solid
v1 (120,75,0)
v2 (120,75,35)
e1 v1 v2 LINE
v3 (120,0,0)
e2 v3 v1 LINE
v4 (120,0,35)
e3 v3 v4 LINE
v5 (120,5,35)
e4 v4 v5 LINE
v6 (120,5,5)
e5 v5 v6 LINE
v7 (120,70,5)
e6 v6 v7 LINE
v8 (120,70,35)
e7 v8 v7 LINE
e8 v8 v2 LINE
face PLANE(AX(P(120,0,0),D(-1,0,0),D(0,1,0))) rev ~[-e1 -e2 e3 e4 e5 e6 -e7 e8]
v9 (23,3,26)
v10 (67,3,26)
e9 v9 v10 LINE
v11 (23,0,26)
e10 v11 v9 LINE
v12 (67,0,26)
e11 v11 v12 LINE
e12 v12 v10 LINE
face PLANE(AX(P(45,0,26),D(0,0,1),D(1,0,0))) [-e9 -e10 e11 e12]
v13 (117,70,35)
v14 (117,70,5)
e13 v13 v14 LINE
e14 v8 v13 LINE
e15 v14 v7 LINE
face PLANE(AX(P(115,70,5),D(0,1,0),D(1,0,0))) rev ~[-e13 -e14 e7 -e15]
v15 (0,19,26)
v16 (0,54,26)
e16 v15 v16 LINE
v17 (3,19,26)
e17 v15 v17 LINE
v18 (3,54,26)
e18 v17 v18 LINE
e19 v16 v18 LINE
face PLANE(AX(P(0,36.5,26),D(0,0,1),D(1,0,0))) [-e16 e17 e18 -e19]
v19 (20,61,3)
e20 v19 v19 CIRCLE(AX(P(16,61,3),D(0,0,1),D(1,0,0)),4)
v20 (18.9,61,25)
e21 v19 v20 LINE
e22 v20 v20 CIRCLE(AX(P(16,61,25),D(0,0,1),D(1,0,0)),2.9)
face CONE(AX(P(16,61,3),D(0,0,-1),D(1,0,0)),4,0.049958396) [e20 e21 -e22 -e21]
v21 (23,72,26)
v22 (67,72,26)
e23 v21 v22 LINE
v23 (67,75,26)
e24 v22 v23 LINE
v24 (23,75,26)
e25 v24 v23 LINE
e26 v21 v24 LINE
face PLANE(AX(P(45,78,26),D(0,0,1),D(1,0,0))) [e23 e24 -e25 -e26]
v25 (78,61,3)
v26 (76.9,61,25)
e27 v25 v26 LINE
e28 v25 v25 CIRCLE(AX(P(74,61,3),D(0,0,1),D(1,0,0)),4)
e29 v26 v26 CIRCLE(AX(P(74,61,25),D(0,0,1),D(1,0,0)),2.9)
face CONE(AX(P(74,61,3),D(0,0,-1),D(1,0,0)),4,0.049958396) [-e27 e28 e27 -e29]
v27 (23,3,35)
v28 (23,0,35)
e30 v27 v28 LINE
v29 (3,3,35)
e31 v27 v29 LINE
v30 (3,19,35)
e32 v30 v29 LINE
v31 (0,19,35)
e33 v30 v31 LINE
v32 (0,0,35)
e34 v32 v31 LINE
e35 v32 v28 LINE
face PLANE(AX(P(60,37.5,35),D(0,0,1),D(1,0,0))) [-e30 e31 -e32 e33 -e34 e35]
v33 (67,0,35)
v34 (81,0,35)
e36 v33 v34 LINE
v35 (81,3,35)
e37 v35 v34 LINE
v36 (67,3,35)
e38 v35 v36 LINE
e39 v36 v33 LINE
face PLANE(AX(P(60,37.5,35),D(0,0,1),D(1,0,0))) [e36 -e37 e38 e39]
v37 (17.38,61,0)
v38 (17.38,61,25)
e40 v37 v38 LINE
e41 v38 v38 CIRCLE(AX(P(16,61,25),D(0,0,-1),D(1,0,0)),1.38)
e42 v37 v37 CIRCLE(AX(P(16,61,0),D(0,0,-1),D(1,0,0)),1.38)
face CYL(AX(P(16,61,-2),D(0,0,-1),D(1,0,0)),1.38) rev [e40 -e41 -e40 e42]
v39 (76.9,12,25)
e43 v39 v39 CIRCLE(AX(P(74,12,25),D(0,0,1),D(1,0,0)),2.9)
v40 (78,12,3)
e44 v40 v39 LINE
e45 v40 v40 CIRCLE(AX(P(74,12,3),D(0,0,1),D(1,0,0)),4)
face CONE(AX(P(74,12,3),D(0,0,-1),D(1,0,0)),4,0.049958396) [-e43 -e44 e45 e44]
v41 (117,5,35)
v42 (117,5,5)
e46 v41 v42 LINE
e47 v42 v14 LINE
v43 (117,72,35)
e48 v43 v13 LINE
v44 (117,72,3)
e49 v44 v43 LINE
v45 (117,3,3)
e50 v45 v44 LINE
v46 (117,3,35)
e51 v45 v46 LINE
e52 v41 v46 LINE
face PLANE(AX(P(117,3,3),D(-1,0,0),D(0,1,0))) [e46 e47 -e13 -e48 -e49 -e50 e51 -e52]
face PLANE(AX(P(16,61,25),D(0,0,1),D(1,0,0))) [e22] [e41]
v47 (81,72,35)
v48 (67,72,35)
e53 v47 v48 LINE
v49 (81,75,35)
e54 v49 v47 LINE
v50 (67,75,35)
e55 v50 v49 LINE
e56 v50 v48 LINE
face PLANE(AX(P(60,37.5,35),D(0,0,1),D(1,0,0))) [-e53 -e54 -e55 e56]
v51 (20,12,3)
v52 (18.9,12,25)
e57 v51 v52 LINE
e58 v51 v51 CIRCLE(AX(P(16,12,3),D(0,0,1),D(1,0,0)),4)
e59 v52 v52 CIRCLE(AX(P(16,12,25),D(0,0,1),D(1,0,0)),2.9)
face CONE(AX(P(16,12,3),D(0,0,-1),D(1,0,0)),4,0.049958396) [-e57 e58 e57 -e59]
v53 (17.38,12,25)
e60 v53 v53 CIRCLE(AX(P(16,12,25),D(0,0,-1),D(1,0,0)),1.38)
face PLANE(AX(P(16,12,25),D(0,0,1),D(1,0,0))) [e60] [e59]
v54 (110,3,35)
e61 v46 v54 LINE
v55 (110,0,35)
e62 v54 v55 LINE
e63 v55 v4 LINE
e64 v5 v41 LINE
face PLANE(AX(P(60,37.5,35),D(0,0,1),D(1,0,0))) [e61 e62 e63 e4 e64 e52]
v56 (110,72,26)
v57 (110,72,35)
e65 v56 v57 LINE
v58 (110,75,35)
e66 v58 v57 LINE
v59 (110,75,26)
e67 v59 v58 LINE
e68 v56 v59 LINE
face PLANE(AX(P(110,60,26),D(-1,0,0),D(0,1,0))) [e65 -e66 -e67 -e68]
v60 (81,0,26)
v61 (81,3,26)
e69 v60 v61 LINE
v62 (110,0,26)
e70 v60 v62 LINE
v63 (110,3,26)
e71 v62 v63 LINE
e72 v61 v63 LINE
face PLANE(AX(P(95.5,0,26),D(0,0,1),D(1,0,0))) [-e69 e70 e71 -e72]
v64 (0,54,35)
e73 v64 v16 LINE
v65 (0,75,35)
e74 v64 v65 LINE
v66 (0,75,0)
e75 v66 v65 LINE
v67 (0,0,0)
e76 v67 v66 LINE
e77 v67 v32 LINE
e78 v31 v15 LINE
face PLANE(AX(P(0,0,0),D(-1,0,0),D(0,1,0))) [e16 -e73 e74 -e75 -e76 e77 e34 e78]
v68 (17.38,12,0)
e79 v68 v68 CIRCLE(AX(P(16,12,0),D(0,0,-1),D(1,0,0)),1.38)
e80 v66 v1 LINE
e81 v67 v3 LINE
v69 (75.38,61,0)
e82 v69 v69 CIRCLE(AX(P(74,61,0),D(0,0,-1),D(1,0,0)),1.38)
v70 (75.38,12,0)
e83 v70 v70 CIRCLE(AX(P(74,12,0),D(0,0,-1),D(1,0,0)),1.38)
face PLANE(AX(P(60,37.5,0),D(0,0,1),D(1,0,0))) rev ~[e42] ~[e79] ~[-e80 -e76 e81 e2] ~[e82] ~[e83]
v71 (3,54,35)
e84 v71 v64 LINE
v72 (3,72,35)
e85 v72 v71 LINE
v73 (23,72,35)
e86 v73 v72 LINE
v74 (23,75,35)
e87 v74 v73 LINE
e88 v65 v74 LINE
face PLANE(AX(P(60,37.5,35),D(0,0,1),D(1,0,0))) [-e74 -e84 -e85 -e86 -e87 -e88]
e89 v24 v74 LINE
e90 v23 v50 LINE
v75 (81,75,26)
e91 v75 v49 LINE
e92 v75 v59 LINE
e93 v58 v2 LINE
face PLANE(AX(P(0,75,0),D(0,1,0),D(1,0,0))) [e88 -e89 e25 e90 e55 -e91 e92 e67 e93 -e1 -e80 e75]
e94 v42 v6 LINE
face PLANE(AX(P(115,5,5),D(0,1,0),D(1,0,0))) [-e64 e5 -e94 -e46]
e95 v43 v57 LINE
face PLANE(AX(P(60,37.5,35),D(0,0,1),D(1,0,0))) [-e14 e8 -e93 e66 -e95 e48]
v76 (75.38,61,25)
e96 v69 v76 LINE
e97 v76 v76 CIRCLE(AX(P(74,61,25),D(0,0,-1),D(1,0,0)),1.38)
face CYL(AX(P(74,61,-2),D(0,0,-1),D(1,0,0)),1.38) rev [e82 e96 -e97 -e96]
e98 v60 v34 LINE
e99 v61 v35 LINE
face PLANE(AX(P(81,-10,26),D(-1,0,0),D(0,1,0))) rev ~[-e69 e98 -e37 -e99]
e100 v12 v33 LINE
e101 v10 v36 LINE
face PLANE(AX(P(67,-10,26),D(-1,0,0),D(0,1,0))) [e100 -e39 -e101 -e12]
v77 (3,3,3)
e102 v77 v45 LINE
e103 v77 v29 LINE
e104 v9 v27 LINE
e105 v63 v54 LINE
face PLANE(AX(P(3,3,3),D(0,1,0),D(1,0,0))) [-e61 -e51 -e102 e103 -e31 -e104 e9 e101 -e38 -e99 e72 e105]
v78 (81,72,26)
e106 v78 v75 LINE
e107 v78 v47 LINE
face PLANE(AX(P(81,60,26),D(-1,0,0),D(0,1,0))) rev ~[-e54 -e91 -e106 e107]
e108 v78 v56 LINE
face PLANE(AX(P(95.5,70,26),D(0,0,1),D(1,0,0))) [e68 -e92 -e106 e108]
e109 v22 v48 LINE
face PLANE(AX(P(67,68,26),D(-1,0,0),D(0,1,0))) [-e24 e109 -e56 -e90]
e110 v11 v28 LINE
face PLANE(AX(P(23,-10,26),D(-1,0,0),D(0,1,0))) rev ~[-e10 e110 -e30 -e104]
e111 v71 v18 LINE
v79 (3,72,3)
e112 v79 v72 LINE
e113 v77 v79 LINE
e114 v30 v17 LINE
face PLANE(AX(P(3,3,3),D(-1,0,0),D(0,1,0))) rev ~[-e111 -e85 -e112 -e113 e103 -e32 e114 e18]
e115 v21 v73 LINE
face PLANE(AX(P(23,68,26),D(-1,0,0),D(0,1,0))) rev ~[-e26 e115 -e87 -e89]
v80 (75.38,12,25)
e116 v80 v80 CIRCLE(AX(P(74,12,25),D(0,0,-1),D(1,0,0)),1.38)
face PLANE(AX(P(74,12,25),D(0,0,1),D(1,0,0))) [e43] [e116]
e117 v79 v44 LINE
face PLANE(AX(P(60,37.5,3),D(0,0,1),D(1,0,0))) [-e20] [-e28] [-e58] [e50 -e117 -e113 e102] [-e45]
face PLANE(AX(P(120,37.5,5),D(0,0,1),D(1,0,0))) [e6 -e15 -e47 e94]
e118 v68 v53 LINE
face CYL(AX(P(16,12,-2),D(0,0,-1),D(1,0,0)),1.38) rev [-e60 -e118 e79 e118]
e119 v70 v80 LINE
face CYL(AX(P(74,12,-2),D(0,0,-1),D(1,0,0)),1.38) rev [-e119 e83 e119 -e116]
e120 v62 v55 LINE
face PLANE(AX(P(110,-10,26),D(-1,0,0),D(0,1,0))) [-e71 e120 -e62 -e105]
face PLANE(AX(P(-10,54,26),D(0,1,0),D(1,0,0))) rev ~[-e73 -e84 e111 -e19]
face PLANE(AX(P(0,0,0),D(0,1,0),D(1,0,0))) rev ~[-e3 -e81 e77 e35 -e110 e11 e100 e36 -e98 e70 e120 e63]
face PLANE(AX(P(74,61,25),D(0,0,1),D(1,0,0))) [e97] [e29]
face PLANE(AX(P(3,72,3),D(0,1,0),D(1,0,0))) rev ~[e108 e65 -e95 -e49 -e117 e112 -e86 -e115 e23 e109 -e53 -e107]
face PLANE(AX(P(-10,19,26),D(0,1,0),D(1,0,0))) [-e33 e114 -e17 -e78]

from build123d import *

# Parameters (mm, degrees)
CYLINDER023_R     = 1.38
CYLINDER023_DEPTH = 30
CYLINDER022_R     = 1.38
CYLINDER022_DEPTH = 30
CYLINDER021_R     = 1.38
CYLINDER021_DEPTH = 30
CYLINDER020_R     = 1.38
CYLINDER020_DEPTH = 30
BOX006_W          = 10
BOX006_H          = 65
BOX006_DEPTH      = 35
BOX011_W          = 20
BOX011_H          = 35
BOX011_DEPTH      = 10
BOX010_W          = 29
BOX010_H          = 20
BOX010_DEPTH      = 10
BOX009_W          = 29
BOX009_H          = 20
BOX009_DEPTH      = 10
BOX008_W          = 44
BOX008_H          = 20
BOX008_DEPTH      = 10
BOX007_W          = 44
BOX007_H          = 20
BOX007_DEPTH      = 10
BOX005_W          = 114
BOX005_H          = 69
BOX005_DEPTH      = 35
BOX004_W          = 120
BOX004_H          = 75
BOX004_DEPTH      = 35


with BuildPart() as cylinder023:
    # Cylinder023 → Cylinder023 (new body)
    with BuildSketch(Plane(origin=(74, 61, -2), x_dir=(1, 0, 0), z_dir=(0, 0, 1))):
        Circle(CYLINDER023_R)
    extrude(amount=CYLINDER023_DEPTH)


with BuildPart() as cylinder022:
    # Cylinder022 → Cylinder022 (new body)
    with BuildSketch(Plane(origin=(16, 61, -2), x_dir=(1, 0, 0), z_dir=(0, 0, 1))):
        Circle(CYLINDER022_R)
    extrude(amount=CYLINDER022_DEPTH)


with BuildPart() as cylinder021:
    # Cylinder021 → Cylinder021 (new body)
    with BuildSketch(Plane(origin=(16, 12, -2), x_dir=(1, 0, 0), z_dir=(0, 0, 1))):
        Circle(CYLINDER021_R)
    extrude(amount=CYLINDER021_DEPTH)


with BuildPart() as fusion008:
    # Cylinder020 → Cylinder020 (new body)
    with BuildSketch(Plane(origin=(74, 12, -2), x_dir=(1, 0, 0), z_dir=(0, 0, 1))):
        Circle(CYLINDER020_R)
    extrude(amount=CYLINDER020_DEPTH)

    # Fusion008: union Cylinder023, Cylinder022, Cylinder021
    add(cylinder023.part)
    add(cylinder022.part)
    add(cylinder021.part)


with BuildPart() as kegel003:
    # Cone003 → Cone003 (revolve)
    with BuildSketch(Plane(origin=(16, 61, 3), x_dir=(1, 0, 0), z_dir=(0, -1, 0))):
        Polygon((0, 0), (4, 0), (2.9, 22), (0, 22), align=None)
    revolve(axis=Axis((16, 61, 3), (0, 0, 1)))


with BuildPart() as kegel002:
    # Cone002 → Cone002 (revolve)
    with BuildSketch(Plane(origin=(16, 12, 3), x_dir=(1, 0, 0), z_dir=(0, -1, 0))):
        Polygon((0, 0), (4, 0), (2.9, 22), (0, 22), align=None)
    revolve(axis=Axis((16, 12, 3), (0, 0, 1)))


with BuildPart() as kegel001:
    # Cone001 → Cone001 (revolve)
    with BuildSketch(Plane(origin=(74, 61, 3), x_dir=(1, 0, 0), z_dir=(0, -1, 0))):
        Polygon((0, 0), (4, 0), (2.9, 22), (0, 22), align=None)
    revolve(axis=Axis((74, 61, 3), (0, 0, 1)))


with BuildPart() as fusion015:
    # Cone → Cone (revolve)
    with BuildSketch(Plane(origin=(74, 12, 3), x_dir=(1, 0, 0), z_dir=(0, -1, 0))):
        Polygon((0, 0), (4, 0), (2.9, 22), (0, 22), align=None)
    revolve(axis=Axis((74, 12, 3), (0, 0, 1)))

    # Fusion015: union Kegel003, Kegel002, Kegel001
    add(kegel003.part)
    add(kegel002.part)
    add(kegel001.part)


with BuildPart() as rj45_usb_cutout:
    # Box006 → Box006 (new body)
    with BuildSketch(Plane(origin=(115, 5, 5), x_dir=(1, 0, 0), z_dir=(0, 0, 1))):
        with Locations((5, 32.5)):
            Rectangle(BOX006_W, BOX006_H)
    extrude(amount=BOX006_DEPTH)


with BuildPart() as w_rfel006:
    # Box011 → Box011 (new body)
    with BuildSketch(Plane(origin=(-10, 19, 26), x_dir=(1, 0, 0), z_dir=(0, 0, 1))):
        with Locations((10, 17.5)):
            Rectangle(BOX011_W, BOX011_H)
    extrude(amount=BOX011_DEPTH)


with BuildPart() as w_rfel005:
    # Box010 → Box010 (new body)
    with BuildSketch(Plane(origin=(81, 60, 26), x_dir=(1, 0, 0), z_dir=(0, 0, 1))):
        with Locations((14.5, 10)):
            Rectangle(BOX010_W, BOX010_H)
    extrude(amount=BOX010_DEPTH)


with BuildPart() as w_rfel004:
    # Box009 → Box009 (new body)
    with BuildSketch(Plane(origin=(81, -10, 26), x_dir=(1, 0, 0), z_dir=(0, 0, 1))):
        with Locations((14.5, 10)):
            Rectangle(BOX009_W, BOX009_H)
    extrude(amount=BOX009_DEPTH)


with BuildPart() as w_rfel003:
    # Box008 → Box008 (new body)
    with BuildSketch(Plane(origin=(23, 68, 26), x_dir=(1, 0, 0), z_dir=(0, 0, 1))):
        with Locations((22, 10)):
            Rectangle(BOX008_W, BOX008_H)
    extrude(amount=BOX008_DEPTH)


with BuildPart() as fusion014:
    # Box007 → Box007 (new body)
    with BuildSketch(Plane(origin=(23, -10, 26), x_dir=(1, 0, 0), z_dir=(0, 0, 1))):
        with Locations((22, 10)):
            Rectangle(BOX007_W, BOX007_H)
    extrude(amount=BOX007_DEPTH)

    # Fusion010: union Würfel006, Würfel005, Würfel004, Würfel003
    add(w_rfel006.part)
    add(w_rfel005.part)
    add(w_rfel004.part)
    add(w_rfel003.part)

    # Fusion014: union RJ45_USB_Cutout
    add(rj45_usb_cutout.part)


with BuildPart() as w_rfel001:
    # Box005 → Box005 (new body)
    with BuildSketch(Plane(origin=(3, 3, 3), x_dir=(1, 0, 0), z_dir=(0, 0, 1))):
        with Locations((57, 34.5)):
            Rectangle(BOX005_W, BOX005_H)
    extrude(amount=BOX005_DEPTH)


with BuildPart() as deckelkonstruktion:
    # Box004 → Box004 (new body)
    with BuildSketch(Plane.XY):
        with Locations((60, 37.5)):
            Rectangle(BOX004_W, BOX004_H)
    extrude(amount=BOX004_DEPTH)

    # Cut006: cut Würfel001
    add(w_rfel001.part, mode=Mode.SUBTRACT)

    # Cut007: cut Fusion014
    add(fusion014.part, mode=Mode.SUBTRACT)

    # Fusion016: union Fusion015
    add(fusion015.part)

    # Cut008: cut Fusion008
    add(fusion008.part, mode=Mode.SUBTRACT)


solid = deckelkonstruktion.part
